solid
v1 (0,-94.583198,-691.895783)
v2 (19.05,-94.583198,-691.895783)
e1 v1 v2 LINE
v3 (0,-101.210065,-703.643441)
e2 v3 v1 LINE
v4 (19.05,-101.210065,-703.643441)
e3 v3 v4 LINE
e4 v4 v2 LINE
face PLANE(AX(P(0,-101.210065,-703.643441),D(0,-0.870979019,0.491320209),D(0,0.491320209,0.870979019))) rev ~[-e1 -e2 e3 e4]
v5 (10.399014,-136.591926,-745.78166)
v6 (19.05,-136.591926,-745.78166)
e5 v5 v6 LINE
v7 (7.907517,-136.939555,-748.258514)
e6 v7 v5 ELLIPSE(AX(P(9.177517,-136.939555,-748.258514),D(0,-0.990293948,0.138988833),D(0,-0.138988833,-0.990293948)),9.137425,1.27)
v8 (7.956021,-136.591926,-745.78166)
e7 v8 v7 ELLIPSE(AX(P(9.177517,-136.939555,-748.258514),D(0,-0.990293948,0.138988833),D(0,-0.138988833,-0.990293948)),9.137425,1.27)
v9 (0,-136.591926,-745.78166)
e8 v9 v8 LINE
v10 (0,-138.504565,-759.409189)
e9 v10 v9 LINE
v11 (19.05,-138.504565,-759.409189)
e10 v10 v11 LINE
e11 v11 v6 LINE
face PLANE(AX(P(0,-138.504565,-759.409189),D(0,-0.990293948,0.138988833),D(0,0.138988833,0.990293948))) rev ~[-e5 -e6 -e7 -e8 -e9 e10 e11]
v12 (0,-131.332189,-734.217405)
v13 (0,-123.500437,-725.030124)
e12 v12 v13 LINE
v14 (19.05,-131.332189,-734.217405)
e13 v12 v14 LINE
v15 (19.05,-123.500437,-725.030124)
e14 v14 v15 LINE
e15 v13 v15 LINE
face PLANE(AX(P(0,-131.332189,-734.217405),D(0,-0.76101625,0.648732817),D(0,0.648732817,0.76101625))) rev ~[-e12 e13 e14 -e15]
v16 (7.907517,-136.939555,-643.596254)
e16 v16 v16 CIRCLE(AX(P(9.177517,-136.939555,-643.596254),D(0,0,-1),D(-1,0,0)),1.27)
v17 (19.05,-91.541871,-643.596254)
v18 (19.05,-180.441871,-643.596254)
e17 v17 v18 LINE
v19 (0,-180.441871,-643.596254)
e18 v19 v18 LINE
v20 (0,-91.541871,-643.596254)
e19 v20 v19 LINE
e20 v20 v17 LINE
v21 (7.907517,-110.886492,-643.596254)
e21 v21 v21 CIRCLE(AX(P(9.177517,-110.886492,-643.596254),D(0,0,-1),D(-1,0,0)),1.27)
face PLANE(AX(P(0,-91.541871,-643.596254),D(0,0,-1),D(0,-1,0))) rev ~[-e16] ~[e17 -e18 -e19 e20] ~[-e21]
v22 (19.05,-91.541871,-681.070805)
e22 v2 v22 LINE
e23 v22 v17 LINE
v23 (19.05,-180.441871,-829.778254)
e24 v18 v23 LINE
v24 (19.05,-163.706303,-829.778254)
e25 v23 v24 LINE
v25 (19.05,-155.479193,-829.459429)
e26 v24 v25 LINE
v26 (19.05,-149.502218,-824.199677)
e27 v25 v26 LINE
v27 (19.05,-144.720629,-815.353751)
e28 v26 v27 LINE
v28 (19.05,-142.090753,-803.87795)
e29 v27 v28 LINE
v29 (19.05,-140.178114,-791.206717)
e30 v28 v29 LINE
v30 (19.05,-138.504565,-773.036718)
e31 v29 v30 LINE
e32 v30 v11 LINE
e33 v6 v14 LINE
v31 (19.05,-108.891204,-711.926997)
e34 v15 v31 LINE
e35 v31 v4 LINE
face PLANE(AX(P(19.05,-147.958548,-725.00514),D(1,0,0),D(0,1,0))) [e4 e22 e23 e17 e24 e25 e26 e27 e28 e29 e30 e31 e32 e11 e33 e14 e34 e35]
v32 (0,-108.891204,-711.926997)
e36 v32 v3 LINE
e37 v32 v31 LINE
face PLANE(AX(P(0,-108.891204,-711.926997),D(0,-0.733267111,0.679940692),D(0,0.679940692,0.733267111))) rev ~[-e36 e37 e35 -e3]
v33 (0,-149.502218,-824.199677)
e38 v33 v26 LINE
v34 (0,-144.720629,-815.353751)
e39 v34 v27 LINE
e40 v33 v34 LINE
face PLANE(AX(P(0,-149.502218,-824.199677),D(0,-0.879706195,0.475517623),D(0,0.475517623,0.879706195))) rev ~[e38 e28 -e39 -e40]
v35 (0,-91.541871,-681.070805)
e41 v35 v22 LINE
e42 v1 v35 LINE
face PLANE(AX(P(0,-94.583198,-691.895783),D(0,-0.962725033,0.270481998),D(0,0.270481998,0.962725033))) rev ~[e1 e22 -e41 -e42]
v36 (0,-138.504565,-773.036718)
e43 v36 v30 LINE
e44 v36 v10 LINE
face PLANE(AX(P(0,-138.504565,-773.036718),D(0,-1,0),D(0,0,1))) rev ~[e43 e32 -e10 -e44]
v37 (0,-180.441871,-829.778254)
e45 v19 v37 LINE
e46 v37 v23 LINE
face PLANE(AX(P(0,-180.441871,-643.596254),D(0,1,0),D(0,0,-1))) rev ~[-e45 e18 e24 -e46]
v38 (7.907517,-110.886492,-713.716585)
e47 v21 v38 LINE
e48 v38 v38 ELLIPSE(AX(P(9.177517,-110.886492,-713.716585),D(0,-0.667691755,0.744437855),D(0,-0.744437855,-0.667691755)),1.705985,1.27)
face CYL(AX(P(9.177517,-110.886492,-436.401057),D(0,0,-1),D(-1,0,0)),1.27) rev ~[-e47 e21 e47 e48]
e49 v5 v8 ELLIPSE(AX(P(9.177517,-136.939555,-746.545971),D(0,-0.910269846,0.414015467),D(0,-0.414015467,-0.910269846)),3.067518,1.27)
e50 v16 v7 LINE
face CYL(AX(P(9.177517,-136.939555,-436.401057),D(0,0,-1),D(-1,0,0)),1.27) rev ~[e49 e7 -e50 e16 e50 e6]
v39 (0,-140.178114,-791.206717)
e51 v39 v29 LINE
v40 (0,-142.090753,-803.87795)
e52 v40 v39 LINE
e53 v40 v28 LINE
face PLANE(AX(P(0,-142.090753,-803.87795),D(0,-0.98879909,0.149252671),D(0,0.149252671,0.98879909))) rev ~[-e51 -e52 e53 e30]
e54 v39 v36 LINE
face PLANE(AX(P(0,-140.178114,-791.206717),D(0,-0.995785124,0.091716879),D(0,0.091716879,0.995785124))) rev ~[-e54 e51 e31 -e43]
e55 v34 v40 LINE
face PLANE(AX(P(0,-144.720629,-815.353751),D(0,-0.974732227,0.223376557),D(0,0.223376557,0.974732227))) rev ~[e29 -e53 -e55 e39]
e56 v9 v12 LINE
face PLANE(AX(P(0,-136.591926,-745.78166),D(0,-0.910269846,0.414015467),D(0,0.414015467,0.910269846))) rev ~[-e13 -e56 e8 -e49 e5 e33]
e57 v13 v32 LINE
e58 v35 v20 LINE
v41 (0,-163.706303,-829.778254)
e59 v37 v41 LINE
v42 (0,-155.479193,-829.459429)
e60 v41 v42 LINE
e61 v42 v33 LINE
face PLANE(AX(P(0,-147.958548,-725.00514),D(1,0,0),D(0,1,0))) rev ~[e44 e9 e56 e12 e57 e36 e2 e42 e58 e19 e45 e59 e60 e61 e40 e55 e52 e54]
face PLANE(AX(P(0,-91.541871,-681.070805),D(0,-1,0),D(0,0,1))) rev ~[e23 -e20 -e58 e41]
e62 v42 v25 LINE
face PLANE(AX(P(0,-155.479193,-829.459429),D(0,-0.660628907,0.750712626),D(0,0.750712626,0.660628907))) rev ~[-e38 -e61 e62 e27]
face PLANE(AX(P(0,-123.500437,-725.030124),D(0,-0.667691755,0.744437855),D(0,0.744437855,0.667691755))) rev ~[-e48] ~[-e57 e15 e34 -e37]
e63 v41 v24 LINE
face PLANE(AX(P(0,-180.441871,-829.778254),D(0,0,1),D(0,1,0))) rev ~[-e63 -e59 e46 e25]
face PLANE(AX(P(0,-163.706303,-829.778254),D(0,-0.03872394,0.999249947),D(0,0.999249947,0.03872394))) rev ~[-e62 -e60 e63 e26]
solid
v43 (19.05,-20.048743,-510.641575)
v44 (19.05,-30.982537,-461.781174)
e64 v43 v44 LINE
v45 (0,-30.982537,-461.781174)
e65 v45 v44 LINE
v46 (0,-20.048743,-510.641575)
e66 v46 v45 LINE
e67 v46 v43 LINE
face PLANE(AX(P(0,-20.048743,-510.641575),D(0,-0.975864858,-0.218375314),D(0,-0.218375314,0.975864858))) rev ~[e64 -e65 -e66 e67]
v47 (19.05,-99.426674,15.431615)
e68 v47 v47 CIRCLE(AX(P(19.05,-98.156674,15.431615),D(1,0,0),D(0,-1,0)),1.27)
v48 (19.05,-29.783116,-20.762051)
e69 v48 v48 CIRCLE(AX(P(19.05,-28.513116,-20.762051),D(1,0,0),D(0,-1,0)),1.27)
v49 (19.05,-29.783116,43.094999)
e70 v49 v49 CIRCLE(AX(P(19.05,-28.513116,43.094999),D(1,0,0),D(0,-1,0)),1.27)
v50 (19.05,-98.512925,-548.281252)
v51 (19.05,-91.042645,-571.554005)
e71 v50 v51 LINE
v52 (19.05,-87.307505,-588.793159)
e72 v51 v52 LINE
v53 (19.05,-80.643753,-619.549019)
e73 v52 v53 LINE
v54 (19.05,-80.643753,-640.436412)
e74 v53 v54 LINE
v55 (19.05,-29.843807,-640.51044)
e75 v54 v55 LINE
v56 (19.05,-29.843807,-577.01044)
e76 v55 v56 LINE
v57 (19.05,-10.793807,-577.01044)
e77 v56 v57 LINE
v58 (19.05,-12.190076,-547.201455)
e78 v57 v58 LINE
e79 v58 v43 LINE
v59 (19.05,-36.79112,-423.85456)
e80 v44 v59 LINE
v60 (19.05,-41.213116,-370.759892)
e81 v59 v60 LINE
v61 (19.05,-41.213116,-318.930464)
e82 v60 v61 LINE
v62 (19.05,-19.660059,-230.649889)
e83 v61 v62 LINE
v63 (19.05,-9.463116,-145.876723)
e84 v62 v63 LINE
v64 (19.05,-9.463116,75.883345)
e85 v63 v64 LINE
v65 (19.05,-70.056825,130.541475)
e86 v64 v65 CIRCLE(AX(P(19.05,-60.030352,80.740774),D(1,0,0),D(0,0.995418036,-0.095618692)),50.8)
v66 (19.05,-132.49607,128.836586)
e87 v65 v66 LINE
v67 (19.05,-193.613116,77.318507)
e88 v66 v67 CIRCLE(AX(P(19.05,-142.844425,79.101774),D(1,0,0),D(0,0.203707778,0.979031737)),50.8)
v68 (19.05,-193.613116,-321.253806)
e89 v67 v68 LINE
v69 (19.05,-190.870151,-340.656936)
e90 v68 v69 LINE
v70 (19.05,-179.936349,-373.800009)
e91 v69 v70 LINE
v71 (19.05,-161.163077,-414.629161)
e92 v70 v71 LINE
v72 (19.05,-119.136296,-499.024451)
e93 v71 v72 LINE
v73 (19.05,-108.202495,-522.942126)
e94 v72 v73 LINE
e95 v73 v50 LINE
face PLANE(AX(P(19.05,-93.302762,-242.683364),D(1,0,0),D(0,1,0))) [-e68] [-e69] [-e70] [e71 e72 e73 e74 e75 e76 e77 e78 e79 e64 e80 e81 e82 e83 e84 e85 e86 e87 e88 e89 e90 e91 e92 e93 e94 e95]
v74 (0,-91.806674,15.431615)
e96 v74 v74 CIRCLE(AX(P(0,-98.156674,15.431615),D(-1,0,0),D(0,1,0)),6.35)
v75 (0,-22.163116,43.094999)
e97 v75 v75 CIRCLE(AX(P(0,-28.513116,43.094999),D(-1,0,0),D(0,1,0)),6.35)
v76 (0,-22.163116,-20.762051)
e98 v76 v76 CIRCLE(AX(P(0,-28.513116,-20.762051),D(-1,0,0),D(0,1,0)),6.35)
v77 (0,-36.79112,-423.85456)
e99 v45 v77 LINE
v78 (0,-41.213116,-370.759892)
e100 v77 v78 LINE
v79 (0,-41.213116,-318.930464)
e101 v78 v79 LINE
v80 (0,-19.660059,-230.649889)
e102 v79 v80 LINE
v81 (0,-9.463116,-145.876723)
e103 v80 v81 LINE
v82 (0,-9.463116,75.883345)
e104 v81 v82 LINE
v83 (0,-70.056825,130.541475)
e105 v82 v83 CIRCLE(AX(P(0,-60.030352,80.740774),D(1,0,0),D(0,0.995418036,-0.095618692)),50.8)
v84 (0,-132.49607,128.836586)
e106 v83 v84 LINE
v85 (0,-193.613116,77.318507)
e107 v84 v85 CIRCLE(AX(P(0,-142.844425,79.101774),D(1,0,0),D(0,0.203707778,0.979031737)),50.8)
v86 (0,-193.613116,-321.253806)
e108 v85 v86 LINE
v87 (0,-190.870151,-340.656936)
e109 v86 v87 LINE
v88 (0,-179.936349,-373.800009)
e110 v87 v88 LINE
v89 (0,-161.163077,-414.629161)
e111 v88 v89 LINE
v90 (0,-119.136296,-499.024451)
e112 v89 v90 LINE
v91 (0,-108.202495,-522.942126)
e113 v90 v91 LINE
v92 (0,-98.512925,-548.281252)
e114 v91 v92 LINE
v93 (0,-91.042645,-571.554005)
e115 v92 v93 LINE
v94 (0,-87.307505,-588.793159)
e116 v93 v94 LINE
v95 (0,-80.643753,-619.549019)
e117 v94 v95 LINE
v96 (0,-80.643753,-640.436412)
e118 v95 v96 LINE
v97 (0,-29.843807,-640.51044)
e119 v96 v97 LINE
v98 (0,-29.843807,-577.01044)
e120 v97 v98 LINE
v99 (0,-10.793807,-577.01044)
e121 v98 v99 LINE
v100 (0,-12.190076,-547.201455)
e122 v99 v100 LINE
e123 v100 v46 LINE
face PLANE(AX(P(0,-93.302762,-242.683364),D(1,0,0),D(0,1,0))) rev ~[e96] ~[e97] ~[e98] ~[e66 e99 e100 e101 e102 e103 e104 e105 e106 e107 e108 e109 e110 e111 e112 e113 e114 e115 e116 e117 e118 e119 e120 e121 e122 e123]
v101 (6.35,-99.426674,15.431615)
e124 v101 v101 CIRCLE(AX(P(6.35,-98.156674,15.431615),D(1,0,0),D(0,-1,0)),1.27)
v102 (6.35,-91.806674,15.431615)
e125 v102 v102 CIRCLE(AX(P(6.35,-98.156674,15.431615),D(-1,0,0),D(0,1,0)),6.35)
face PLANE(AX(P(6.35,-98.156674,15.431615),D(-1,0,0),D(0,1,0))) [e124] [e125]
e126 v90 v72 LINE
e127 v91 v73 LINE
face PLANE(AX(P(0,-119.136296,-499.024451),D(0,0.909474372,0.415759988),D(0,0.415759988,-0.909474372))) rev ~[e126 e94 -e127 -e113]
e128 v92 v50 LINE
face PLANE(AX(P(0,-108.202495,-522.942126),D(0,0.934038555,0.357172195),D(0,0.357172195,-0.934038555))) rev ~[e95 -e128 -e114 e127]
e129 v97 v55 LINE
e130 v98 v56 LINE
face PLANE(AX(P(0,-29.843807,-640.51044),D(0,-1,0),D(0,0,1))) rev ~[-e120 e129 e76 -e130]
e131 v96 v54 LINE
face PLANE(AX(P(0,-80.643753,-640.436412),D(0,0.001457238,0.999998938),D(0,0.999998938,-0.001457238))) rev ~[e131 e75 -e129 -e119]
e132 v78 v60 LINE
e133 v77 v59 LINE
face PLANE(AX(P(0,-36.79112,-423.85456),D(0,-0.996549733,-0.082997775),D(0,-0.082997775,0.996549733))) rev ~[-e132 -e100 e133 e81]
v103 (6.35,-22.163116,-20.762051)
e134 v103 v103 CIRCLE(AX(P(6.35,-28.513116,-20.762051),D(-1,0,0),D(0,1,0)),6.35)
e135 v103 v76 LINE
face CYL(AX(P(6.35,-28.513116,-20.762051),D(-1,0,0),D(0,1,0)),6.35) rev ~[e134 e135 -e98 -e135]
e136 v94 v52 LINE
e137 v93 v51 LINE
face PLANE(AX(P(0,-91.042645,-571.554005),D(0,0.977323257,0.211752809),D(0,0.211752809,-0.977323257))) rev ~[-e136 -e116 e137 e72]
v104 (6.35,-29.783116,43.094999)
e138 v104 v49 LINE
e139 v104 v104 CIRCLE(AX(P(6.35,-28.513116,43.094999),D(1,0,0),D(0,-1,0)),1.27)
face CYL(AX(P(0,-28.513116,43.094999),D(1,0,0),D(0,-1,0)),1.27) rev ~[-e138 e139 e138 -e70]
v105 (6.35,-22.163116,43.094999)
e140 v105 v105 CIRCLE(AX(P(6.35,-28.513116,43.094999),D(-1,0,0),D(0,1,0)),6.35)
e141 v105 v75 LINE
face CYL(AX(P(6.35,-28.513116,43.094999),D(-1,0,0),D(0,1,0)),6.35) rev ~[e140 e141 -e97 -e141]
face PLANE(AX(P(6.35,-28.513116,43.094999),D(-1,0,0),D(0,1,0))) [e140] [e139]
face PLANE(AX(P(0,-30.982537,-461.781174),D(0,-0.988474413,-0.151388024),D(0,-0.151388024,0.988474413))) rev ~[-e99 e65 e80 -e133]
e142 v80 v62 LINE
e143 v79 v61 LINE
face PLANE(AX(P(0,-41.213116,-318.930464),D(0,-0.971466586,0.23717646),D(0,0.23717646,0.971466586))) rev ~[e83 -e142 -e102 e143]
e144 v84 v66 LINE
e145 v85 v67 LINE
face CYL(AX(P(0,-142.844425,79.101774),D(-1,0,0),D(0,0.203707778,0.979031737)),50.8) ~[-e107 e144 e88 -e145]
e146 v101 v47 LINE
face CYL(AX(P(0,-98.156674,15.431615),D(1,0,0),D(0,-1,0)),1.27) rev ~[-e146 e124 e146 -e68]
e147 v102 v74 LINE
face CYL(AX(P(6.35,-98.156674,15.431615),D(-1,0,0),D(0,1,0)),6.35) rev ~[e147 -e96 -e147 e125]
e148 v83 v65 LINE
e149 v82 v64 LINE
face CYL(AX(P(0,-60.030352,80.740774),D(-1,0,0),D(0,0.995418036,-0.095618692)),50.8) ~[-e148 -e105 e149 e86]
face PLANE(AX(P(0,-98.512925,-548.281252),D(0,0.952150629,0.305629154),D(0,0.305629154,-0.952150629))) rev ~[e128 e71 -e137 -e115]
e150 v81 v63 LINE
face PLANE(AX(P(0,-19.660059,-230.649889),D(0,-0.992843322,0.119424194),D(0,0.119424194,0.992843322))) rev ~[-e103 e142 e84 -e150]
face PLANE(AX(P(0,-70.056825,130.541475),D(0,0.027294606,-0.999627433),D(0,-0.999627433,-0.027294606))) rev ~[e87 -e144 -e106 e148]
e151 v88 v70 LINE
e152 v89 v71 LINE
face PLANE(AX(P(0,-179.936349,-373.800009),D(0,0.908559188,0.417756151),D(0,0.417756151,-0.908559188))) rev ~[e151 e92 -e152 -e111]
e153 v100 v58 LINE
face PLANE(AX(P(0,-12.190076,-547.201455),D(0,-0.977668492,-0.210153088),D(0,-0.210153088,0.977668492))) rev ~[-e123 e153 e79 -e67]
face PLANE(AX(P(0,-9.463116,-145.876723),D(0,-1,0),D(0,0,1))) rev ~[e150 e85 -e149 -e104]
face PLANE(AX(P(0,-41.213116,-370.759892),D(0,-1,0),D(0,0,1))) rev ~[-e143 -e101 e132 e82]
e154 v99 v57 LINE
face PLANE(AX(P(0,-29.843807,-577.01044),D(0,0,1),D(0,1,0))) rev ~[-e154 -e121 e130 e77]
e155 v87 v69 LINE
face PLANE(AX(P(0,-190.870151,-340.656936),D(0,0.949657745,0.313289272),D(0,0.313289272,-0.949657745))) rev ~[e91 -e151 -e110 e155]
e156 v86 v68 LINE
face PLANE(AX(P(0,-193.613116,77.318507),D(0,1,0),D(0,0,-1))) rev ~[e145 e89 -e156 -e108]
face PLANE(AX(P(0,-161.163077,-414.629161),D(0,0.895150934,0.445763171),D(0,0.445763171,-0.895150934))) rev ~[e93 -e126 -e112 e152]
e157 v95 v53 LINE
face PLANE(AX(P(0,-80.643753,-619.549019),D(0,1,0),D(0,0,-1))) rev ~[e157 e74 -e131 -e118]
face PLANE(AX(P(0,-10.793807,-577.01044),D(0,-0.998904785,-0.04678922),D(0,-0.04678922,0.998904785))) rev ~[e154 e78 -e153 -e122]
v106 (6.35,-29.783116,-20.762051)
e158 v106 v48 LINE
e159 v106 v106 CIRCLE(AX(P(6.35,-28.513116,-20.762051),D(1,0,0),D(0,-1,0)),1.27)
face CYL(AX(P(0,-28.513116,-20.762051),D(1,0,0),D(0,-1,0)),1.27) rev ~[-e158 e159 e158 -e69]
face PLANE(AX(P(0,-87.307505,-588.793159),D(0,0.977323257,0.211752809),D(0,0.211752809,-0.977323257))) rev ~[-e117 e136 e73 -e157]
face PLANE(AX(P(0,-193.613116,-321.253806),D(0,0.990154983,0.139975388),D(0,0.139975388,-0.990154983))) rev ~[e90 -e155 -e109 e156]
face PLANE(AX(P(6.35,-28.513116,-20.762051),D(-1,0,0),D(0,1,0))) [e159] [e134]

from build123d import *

# Parameters (mm, degrees)
F1_DEPTH       = 19.05
F3_DEPTH       = 19.05
F5_D           = 2.54
F6_D           = 2.54
F6_CBORE_D     = 12.7
F6_CBORE_DEPTH = 6.35


with BuildPart() as f1:
    # F0 (on Right) → F1 (new body)
    with BuildSketch(Plane.YZ):
        with BuildLine():
            Line((-9.4631160864, -145.8767226739), (-9.4631160864, 75.883344673))
            ThreePointArc((-9.4631160864, 75.883344673), (-26.0043887413, 118.4617737239), (-70.0568248432, 130.5414754989))
            Line((-70.0568248432, 130.5414754989), (-132.4960702221, 128.8365857415))
            ThreePointArc((-132.4960702221, 128.8365857415), (-175.5855155906, 117.9432591892), (-193.6131160864, 77.3185070558))
            Line((-193.6131160864, 77.3185070558), (-193.6131160864, 12.8251980523))
            Line((-193.6131160864, 12.8251980523), (-193.6131160864, -321.2538063526))
            Line((-193.6131160864, -321.2538063526), (-190.8701509237, -340.6569361687))
            Line((-190.8701509237, -340.6569361687), (-179.9363493919, -373.8000094891))
            Line((-179.9363493919, -373.8000094891), (-161.1630767584, -414.6291613579))
            Line((-161.1630767584, -414.6291613579), (-119.1362962127, -499.024450779))
            Line((-119.1362962127, -499.024450779), (-108.2024946809, -522.9421257973))
            Line((-108.2024946809, -522.9421257973), (-98.5129252076, -548.2812523842))
            Line((-98.5129252076, -548.2812523842), (-91.0426452756, -571.554005146))
            Line((-91.0426452756, -571.554005146), (-87.3075053096, -588.7931585312))
            Line((-87.3075053096, -588.7931585312), (-80.6437532824, -619.5490189172))
            Line((-80.6437532824, -619.5490189172), (-80.6437532824, -619.8235154152))
            Line((-80.6437532824, -619.8235154152), (-80.6437532824, -629.592359066))
            Line((-80.6437532824, -629.592359066), (-80.6437532824, -640.436412161))
            Line((-80.6437532824, -640.436412161), (-29.8438072205, -640.5104398727))
            Line((-29.8438072205, -640.5104398727), (-29.8438072205, -577.0104398727))
            Line((-29.8438072205, -577.0104398727), (-10.7938072205, -577.0104398727))
            Line((-10.7938072205, -577.0104398727), (-12.1900755912, -547.2014546394))
            Line((-12.1900755912, -547.2014546394), (-20.0487431139, -510.6415748596))
            Line((-20.0487431139, -510.6415748596), (-30.9825371951, -461.7811739445))
            Line((-30.9825371951, -461.7811739445), (-36.7911197245, -423.85455966))
            Line((-36.7911197245, -423.85455966), (-41.2131160864, -370.7598916097))
            Line((-41.2131160864, -370.7598916097), (-41.2131160864, -318.930464129))
            Line((-41.2131160864, -318.930464129), (-19.6600593626, -230.6498885155))
            Line((-19.6600593626, -230.6498885155), (-9.4631160864, -145.8767226739))
        make_face()
    extrude(amount=F1_DEPTH)

    # F6 (through all)
    with Locations(Plane(origin=(0, 0, 0), x_dir=(0, 1, 0), z_dir=(-1, 0, 0))):
        with Locations((-28.5131160864, 20.7620505524), (-28.5131160864, -43.0949992777), (-98.1566741219, -15.4316150452)):
            CounterBoreHole(F6_D / 2, F6_CBORE_D / 2, F6_CBORE_DEPTH)


with BuildPart() as f3:
    # F2 (on Right) → F3 (new body)
    with BuildSketch(Plane.YZ):
        Polygon((-91.5418712854, -681.0708045959), (-91.5418712854, -643.5962540321), (-180.4418712854, -643.5962540321), (-180.4418712854, -829.7782540321), (-163.7063026428, -829.7782540321), (-155.4791927338, -829.4594287872), (-149.5022177696, -824.1996765137), (-144.7206288576, -815.3537511826), (-142.0907527208, -803.8779497147), (-140.1781141758, -791.2067174911), (-138.5045647621, -773.0367183685), (-138.5045647621, -759.4091892242), (-136.5919262171, -745.78166008), (-131.3321888447, -734.2174053192), (-123.5004365444, -725.0301241875), (-108.8912039995, -711.9269967079), (-101.210065186, -703.6434412003), (-94.5831984282, -691.8957829475), align=None)
    extrude(amount=F3_DEPTH)

    # F5 (through all)
    with Locations(Plane.XY.offset(-643.5962540321)):
        with Locations((9.1775171459, -136.9395554066), (9.1775171459, -110.8864918351)):
            Hole(F5_D / 2)


solid = Compound([f1.part, f3.part])
